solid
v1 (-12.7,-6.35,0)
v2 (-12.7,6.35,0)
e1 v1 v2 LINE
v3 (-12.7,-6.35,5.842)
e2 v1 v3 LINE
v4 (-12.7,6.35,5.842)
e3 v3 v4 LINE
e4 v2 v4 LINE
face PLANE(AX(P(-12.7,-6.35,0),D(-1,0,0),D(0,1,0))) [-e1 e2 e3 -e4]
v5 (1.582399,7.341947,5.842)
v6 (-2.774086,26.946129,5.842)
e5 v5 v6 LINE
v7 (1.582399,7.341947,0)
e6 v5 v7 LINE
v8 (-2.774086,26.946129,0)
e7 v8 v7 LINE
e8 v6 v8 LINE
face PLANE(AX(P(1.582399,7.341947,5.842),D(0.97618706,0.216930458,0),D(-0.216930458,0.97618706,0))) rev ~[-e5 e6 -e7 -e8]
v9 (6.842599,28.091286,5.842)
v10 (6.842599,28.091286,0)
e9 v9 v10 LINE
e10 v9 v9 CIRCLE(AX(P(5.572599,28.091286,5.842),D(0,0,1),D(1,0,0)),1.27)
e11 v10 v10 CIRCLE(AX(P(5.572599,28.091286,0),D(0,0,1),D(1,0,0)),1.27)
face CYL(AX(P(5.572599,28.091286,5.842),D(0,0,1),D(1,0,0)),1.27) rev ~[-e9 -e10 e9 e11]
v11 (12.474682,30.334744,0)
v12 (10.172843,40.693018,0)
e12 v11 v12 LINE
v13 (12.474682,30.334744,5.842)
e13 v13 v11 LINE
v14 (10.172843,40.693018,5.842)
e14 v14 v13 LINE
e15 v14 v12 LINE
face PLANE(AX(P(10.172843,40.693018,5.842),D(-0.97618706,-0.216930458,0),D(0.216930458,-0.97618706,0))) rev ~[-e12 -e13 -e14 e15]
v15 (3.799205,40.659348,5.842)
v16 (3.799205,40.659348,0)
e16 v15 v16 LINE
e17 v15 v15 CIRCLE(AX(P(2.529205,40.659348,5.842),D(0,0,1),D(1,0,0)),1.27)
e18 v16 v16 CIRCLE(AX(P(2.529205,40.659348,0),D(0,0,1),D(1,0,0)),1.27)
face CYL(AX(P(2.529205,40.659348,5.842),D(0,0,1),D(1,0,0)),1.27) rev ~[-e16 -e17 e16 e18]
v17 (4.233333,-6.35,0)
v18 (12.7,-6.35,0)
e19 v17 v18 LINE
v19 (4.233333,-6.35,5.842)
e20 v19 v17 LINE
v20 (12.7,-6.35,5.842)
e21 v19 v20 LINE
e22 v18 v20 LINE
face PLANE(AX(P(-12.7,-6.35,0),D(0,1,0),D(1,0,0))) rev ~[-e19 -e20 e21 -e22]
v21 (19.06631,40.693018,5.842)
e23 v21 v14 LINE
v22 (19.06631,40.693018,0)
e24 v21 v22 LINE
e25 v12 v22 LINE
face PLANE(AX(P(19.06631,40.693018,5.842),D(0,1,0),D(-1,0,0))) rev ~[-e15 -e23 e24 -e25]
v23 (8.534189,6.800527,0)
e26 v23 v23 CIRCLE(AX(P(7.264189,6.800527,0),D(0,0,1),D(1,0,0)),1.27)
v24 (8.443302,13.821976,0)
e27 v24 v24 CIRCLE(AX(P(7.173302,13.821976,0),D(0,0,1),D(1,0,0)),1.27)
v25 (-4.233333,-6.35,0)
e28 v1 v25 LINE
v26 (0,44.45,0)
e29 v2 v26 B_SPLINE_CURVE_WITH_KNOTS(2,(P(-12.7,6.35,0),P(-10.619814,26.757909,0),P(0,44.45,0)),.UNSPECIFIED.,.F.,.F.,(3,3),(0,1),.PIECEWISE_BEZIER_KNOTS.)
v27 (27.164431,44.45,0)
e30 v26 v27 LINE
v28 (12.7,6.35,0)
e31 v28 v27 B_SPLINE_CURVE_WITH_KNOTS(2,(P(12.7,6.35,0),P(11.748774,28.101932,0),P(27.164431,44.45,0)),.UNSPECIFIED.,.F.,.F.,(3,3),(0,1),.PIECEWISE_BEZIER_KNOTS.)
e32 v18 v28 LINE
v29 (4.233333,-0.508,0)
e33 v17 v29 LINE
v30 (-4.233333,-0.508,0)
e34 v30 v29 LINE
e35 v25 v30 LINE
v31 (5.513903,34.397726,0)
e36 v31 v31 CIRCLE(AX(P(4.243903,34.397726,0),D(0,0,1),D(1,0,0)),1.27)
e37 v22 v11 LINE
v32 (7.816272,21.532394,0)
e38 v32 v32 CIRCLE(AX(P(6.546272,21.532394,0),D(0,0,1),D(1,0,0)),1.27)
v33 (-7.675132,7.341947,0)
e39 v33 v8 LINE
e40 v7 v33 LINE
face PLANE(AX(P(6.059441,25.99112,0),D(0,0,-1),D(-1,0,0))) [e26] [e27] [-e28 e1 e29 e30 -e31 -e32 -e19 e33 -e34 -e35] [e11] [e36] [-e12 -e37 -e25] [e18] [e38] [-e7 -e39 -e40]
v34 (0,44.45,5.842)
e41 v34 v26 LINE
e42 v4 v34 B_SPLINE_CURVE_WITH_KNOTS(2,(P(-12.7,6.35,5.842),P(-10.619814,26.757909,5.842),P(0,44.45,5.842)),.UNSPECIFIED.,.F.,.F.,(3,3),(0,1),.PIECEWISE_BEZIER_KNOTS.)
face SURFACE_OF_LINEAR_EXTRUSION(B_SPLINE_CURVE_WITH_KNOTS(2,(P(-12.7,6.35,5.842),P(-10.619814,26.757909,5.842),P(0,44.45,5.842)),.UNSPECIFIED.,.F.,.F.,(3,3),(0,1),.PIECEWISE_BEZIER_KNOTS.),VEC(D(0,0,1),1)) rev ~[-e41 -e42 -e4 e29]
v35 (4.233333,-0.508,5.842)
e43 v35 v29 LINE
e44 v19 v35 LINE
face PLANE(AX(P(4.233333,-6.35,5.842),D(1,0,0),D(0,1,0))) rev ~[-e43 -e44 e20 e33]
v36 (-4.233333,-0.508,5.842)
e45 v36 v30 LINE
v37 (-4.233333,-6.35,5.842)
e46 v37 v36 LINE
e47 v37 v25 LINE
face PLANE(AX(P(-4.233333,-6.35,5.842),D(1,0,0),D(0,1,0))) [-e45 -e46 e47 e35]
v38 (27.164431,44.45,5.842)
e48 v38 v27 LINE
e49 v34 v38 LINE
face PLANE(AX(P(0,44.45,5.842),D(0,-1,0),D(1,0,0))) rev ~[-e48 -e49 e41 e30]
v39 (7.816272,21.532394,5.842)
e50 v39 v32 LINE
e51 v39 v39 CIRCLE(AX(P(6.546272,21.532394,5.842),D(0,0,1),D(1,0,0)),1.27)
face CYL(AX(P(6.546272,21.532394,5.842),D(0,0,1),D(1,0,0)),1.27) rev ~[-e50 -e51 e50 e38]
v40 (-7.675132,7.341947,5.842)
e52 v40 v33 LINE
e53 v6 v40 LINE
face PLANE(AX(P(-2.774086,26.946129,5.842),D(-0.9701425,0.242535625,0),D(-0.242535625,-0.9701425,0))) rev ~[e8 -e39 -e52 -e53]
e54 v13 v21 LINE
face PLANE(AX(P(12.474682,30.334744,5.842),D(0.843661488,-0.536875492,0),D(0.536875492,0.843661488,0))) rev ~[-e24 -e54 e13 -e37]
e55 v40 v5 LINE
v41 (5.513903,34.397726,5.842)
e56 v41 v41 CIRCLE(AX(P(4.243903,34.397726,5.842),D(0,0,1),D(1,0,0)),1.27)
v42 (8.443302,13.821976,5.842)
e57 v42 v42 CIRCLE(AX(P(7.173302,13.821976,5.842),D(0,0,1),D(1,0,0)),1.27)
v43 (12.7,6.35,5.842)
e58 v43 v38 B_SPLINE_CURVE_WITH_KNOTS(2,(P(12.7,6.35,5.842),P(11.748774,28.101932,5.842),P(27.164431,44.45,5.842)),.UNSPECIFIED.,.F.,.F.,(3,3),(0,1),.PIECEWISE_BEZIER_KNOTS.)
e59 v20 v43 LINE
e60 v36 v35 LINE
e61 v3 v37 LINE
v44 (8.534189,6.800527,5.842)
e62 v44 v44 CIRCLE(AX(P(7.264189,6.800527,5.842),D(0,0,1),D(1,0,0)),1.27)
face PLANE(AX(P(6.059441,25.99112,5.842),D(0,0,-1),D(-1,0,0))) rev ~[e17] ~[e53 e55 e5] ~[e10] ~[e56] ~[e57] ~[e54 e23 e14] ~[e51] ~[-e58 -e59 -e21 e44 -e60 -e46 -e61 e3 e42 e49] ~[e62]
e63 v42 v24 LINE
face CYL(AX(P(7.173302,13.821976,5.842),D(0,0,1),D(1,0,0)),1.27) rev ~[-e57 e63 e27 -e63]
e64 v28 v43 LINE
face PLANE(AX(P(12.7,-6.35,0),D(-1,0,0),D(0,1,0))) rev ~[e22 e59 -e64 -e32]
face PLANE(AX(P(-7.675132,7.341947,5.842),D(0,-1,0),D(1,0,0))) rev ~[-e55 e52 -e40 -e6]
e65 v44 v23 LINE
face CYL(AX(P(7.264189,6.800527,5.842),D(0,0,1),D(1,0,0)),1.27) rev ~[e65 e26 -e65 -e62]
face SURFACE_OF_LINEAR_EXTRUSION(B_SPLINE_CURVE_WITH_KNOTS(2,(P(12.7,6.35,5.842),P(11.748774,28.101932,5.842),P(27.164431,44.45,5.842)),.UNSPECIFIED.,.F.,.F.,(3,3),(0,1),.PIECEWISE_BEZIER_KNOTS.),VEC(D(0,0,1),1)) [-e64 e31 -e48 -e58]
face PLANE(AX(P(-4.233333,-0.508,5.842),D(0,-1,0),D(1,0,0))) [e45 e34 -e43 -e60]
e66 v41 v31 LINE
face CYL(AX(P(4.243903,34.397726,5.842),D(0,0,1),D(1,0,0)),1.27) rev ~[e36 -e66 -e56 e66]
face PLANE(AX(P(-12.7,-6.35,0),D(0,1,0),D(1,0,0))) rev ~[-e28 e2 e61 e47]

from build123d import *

# Parameters (mm, degrees)
SKETCH3_W           = 25.4
SKETCH3_H           = 12.7
BOSS_EXTRUDE2_DEPTH = 5.842
SKETCH4_W           = 8.466666666
SKETCH4_H           = 5.842
CUT_EXTRUDE1_DEPTH  = 16.35387456
BOSS_EXTRUDE3_DEPTH = 5.842
SKETCH10_R          = 1.27
CUT_EXTRUDE8_DEPTH  = 7.62
SKETCH12_R          = 1.27
CUT_EXTRUDE9_DEPTH  = 7.62
CUT_EXTRUDE10_DEPTH = 7.62


with BuildPart() as part:
    # Sketch3 → Boss-Extrude2 (new body)
    with BuildSketch(Plane.XY):
        Rectangle(SKETCH3_W, SKETCH3_H)
    extrude(amount=BOSS_EXTRUDE2_DEPTH)

    # Sketch4 → Cut-Extrude1 (cut, through all)
    with BuildSketch(Plane.XY.offset(5.842)):
        with Locations((0, -3.429)):
            Rectangle(SKETCH4_W, SKETCH4_H)
    extrude(amount=-CUT_EXTRUDE1_DEPTH, mode=Mode.SUBTRACT)

    # Sketch5 → Boss-Extrude3 (add)
    with BuildSketch(Plane.XY.offset(5.842)):
        with BuildLine():
            Line((0, 44.45), (27.164431218, 44.45))
            add(Edge.make_bspline(
                [(12.7, 6.35), (11.748773867, 28.101932144), (27.164431218, 44.45)],
                knots=[0, 0, 0, 1, 1, 1], degree=2))
            Line((12.7, 6.35), (-12.7, 6.35))
            add(Edge.make_bspline(
                [(-12.7, 6.35), (-10.61981434, 26.757908534), (0, 44.45)],
                knots=[0, 0, 0, 1, 1, 1], degree=2))
        make_face()
    extrude(amount=-BOSS_EXTRUDE3_DEPTH)

    # Sketch10 → Cut-Extrude8 (cut)
    with BuildSketch(Plane.XY.offset(5.842)):
        with Locations((7.264189007, 6.800526763)):
            Circle(SKETCH10_R)
    extrude(amount=-CUT_EXTRUDE8_DEPTH, mode=Mode.SUBTRACT)

    # Sketch12 → Cut-Extrude9 (cut)
    with BuildSketch(Plane.XY.offset(5.842)):
        with Locations((5.572598549, 28.091285842)):
            Circle(SKETCH12_R)
        with Locations((6.546271927, 21.532393633)):
            Circle(SKETCH12_R)
        with Locations((7.173302087, 13.821975993)):
            Circle(SKETCH12_R)
        with Locations((2.529205303, 40.659348041)):
            Circle(SKETCH12_R)
        with Locations((4.243902878, 34.397725849)):
            Circle(SKETCH12_R)
    extrude(amount=-CUT_EXTRUDE9_DEPTH, mode=Mode.SUBTRACT)

    # Sketch13 → Cut-Extrude10 (cut)
    with BuildSketch(Plane.XY.offset(5.842)):
        Polygon((-2.774085904, 26.946129085), (-7.675131543, 7.341946529), (1.582399109, 7.341946529), align=None)
        Polygon((10.172842992, 40.693017541), (12.474681541, 30.334744073), (19.066310112, 40.693017541), align=None)
    extrude(amount=-CUT_EXTRUDE10_DEPTH, mode=Mode.SUBTRACT)


solid = part.part
